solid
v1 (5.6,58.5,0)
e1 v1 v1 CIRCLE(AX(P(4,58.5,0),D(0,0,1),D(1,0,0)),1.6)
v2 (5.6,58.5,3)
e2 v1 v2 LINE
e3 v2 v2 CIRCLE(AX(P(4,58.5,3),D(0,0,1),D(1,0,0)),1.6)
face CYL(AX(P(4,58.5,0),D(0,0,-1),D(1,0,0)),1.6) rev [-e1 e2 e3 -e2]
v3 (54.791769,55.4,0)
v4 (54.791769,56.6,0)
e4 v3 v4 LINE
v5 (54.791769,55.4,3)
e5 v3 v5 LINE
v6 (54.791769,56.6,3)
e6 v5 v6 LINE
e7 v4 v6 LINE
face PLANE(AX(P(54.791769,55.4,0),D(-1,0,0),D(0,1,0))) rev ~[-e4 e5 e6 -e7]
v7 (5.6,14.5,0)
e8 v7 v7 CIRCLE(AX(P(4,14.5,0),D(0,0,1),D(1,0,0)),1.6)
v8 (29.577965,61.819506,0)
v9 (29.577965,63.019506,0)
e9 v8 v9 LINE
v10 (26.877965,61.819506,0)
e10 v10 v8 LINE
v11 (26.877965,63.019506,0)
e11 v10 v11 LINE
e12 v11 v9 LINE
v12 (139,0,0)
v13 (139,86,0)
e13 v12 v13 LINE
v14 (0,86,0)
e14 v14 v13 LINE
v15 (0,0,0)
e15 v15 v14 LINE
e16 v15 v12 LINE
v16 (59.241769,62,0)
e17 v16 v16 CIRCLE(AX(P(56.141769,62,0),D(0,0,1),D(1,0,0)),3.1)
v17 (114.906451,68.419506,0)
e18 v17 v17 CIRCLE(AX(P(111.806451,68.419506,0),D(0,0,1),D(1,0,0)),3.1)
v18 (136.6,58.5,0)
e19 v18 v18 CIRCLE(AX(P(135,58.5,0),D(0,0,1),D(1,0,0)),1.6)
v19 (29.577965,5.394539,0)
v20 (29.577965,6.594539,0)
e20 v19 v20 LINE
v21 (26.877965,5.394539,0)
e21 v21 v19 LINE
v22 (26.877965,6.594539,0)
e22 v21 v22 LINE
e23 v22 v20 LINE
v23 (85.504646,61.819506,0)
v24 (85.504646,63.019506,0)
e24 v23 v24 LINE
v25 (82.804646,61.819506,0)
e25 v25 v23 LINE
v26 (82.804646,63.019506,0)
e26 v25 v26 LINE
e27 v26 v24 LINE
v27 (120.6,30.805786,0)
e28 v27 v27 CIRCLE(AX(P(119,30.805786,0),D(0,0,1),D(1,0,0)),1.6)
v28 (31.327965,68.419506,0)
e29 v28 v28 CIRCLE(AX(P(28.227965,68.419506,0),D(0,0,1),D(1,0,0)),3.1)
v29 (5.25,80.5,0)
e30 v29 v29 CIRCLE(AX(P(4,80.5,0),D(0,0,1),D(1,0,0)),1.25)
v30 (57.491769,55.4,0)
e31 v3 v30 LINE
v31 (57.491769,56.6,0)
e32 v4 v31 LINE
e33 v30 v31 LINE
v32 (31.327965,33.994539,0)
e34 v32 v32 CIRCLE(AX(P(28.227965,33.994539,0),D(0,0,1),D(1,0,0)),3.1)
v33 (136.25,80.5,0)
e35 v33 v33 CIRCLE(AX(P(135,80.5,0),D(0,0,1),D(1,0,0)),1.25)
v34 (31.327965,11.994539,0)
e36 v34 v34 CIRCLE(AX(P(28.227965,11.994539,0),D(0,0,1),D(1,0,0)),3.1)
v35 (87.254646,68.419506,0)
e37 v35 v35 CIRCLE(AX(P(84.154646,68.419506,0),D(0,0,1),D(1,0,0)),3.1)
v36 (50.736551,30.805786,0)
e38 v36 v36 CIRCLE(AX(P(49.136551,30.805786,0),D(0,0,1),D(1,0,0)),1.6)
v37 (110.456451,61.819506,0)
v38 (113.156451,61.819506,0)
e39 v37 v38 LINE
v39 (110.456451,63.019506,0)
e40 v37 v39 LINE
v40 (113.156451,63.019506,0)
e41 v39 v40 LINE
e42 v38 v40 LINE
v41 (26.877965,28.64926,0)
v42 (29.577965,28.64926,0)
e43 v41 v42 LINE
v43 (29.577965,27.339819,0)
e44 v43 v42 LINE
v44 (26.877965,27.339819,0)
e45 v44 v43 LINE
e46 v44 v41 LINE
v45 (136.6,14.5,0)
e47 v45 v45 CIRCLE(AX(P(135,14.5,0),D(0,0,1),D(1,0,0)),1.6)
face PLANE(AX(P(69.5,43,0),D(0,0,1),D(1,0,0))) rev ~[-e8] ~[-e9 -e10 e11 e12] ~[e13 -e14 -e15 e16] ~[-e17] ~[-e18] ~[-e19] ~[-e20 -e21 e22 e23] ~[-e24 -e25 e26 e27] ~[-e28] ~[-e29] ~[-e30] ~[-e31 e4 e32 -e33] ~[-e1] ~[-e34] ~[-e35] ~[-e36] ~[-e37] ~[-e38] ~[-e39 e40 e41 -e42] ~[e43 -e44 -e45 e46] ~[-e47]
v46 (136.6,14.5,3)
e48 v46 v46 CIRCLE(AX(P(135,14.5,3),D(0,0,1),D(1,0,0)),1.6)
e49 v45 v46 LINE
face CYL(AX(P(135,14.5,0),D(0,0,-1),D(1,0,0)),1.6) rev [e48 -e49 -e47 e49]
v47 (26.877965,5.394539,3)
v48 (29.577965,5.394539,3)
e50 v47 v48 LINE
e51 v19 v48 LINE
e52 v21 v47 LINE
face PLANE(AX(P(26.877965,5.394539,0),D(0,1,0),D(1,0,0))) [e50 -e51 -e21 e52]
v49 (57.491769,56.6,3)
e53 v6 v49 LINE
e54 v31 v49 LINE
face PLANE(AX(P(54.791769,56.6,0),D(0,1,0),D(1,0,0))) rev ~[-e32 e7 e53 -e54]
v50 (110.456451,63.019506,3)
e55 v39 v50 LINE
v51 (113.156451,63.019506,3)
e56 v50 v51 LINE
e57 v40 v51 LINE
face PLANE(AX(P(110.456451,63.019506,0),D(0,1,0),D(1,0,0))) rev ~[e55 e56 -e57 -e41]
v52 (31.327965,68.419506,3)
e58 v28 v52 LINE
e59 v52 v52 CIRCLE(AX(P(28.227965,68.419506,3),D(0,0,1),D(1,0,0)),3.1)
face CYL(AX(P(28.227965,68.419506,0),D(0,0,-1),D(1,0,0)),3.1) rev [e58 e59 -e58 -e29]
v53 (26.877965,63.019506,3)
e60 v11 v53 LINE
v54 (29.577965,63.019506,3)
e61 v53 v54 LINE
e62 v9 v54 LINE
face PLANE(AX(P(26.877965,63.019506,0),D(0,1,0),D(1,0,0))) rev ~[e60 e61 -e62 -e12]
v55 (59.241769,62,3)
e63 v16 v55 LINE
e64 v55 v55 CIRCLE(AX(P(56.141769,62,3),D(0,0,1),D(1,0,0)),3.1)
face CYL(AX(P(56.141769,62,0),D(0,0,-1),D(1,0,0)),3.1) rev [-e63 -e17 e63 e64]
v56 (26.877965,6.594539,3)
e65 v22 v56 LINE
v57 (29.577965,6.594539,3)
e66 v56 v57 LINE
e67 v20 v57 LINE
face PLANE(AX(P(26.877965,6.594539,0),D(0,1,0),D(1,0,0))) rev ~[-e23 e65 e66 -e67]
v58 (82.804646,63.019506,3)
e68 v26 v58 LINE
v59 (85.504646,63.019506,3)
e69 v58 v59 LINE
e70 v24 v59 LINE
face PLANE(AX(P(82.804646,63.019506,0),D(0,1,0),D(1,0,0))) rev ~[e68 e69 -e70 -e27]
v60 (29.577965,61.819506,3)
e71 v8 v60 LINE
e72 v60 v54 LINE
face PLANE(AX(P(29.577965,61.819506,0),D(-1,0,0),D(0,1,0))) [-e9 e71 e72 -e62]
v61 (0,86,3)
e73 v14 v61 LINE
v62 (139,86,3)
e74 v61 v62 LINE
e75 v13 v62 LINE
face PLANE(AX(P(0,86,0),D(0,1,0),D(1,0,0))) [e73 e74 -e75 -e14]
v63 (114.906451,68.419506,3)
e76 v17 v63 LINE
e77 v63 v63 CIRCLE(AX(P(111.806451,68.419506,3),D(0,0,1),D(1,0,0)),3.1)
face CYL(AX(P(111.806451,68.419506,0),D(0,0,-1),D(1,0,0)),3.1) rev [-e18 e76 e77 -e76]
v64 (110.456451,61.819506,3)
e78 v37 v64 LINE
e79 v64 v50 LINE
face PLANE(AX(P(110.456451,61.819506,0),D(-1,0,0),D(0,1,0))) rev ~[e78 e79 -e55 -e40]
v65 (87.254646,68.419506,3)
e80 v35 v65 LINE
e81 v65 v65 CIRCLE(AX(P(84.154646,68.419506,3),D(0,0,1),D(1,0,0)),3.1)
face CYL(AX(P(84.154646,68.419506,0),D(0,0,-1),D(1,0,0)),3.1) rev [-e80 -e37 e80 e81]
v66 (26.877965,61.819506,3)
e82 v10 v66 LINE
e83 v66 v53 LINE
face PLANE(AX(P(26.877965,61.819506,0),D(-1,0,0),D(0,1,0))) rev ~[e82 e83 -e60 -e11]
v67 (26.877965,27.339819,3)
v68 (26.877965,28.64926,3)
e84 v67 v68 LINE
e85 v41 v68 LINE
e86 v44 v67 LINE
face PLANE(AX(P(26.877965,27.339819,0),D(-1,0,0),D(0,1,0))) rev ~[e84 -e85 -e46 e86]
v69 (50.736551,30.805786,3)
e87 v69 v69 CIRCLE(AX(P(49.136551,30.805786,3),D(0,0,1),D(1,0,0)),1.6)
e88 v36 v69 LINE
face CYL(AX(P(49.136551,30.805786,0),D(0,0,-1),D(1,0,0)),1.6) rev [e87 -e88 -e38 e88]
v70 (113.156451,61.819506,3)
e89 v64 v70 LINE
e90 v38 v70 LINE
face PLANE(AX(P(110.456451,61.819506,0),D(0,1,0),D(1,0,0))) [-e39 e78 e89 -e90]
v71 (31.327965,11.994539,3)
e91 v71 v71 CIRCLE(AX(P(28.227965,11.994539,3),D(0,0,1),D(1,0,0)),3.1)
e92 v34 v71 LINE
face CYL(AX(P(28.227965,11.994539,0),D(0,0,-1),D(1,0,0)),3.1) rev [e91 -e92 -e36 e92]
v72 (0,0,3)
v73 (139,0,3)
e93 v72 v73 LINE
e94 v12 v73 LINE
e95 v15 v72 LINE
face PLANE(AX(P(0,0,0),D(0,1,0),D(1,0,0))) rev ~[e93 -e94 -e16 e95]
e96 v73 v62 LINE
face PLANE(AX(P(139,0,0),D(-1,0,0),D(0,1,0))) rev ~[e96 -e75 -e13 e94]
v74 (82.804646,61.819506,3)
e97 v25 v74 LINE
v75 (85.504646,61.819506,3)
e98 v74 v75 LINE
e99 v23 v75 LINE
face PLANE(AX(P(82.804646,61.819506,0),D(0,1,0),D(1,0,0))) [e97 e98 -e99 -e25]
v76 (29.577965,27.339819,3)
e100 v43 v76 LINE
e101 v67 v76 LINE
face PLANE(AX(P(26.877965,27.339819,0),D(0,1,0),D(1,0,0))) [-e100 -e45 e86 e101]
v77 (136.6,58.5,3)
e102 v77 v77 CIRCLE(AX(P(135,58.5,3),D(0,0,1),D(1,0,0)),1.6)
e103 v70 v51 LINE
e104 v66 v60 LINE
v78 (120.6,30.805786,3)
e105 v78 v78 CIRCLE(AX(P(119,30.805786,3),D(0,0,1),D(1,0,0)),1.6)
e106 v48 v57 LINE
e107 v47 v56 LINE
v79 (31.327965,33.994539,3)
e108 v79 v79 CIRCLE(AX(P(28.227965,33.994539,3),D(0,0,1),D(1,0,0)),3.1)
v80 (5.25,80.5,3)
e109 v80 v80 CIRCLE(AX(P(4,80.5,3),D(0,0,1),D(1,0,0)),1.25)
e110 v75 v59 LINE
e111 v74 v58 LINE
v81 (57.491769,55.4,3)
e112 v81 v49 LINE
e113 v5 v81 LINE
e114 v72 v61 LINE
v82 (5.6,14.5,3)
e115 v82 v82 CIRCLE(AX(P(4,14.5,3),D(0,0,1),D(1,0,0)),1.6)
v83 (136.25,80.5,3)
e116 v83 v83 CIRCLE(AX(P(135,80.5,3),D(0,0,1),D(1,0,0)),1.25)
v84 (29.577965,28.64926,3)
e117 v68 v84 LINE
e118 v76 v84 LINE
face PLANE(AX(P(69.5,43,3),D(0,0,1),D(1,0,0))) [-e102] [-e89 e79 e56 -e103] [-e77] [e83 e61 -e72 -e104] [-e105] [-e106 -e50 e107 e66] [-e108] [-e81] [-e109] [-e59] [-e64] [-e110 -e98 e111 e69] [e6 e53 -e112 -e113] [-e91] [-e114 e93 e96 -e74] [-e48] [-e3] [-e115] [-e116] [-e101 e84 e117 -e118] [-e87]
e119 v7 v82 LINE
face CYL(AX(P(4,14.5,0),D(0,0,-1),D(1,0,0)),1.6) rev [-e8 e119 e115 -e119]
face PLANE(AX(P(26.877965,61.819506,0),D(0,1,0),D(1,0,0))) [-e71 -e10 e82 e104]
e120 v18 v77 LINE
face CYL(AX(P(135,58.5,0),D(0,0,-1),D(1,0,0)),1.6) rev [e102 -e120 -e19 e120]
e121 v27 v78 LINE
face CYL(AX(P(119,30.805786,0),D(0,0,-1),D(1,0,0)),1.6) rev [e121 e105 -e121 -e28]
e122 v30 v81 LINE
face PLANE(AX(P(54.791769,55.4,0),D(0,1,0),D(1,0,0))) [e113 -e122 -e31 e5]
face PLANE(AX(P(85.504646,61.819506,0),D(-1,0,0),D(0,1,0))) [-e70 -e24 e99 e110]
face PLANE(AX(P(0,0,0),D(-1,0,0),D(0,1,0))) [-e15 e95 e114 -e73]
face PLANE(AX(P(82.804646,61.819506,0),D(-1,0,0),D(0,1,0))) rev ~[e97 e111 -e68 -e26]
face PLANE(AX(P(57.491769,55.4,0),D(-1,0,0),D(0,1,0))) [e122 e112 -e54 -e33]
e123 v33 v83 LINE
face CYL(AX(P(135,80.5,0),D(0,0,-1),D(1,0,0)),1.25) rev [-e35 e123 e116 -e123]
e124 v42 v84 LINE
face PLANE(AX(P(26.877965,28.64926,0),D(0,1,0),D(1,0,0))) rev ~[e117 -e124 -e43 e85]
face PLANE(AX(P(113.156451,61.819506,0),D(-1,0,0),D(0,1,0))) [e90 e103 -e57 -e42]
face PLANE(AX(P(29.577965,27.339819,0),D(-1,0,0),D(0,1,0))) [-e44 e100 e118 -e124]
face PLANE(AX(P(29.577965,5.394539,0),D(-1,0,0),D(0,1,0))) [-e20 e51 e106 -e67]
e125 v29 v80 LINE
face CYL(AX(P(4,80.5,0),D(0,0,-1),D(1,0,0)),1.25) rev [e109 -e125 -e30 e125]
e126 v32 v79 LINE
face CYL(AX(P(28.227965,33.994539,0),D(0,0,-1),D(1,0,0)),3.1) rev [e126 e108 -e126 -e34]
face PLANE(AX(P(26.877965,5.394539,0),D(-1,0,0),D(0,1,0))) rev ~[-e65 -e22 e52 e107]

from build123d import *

# Parameters (mm, degrees)
SKETCH1_W           = 139
SKETCH1_H           = 86
SKETCH1_R           = 1.6
SKETCH1_R_2         = 3.1
SKETCH1_R_3         = 1.25
SKETCH1_W_2         = 2.7
SKETCH1_H_2         = 1.2
SKETCH1_H_3         = 1.309440744
BOSS_EXTRUDE1_DEPTH = 3


with BuildPart() as part:
    # Sketch1 → Boss-Extrude1 (new body)
    with BuildSketch(Plane.XY):
        with Locations((69.5, 43)):
            Rectangle(SKETCH1_W, SKETCH1_H)
        with Locations((4, 58.5)):
            Circle(SKETCH1_R, mode=Mode.SUBTRACT)
        with Locations((135, 58.5)):
            Circle(SKETCH1_R, mode=Mode.SUBTRACT)
        with Locations((135, 14.5)):
            Circle(SKETCH1_R, mode=Mode.SUBTRACT)
        with Locations((4, 14.5)):
            Circle(SKETCH1_R, mode=Mode.SUBTRACT)
        with Locations((49.136550625, 30.80578632)):
            Circle(SKETCH1_R, mode=Mode.SUBTRACT)
        with Locations((119, 30.80578632)):
            Circle(SKETCH1_R, mode=Mode.SUBTRACT)
        with Locations((56.141769292, 62)):
            Circle(SKETCH1_R_2, mode=Mode.SUBTRACT)
        with Locations((28.227965057, 11.99453943)):
            Circle(SKETCH1_R_2, mode=Mode.SUBTRACT)
        with Locations((111.806450526, 68.419506212)):
            Circle(SKETCH1_R_2, mode=Mode.SUBTRACT)
        with Locations((84.154646153, 68.419506212)):
            Circle(SKETCH1_R_2, mode=Mode.SUBTRACT)
        with Locations((135, 80.5)):
            Circle(SKETCH1_R_3, mode=Mode.SUBTRACT)
        with Locations((4, 80.5)):
            Circle(SKETCH1_R_3, mode=Mode.SUBTRACT)
        with Locations((28.227965057, 68.419506212)):
            Circle(SKETCH1_R_2, mode=Mode.SUBTRACT)
        with Locations((28.227965057, 33.99453943)):
            Circle(SKETCH1_R_2, mode=Mode.SUBTRACT)
        with Locations((28.227965057, 5.99453943)):
            Rectangle(SKETCH1_W_2, SKETCH1_H_2, mode=Mode.SUBTRACT)
        with Locations((84.154646153, 62.419506212)):
            Rectangle(SKETCH1_W_2, SKETCH1_H_2, mode=Mode.SUBTRACT)
        with Locations((56.141769292, 56)):
            Rectangle(SKETCH1_W_2, SKETCH1_H_2, mode=Mode.SUBTRACT)
        with Locations((111.806450526, 62.419506212)):
            Rectangle(SKETCH1_W_2, SKETCH1_H_2, mode=Mode.SUBTRACT)
        with Locations((28.227965057, 62.419506212)):
            Rectangle(SKETCH1_W_2, SKETCH1_H_2, mode=Mode.SUBTRACT)
        with Locations((28.227965057, 27.99453943)):
            Rectangle(SKETCH1_W_2, SKETCH1_H_3, mode=Mode.SUBTRACT)
    extrude(amount=BOSS_EXTRUDE1_DEPTH)


solid = part.part
